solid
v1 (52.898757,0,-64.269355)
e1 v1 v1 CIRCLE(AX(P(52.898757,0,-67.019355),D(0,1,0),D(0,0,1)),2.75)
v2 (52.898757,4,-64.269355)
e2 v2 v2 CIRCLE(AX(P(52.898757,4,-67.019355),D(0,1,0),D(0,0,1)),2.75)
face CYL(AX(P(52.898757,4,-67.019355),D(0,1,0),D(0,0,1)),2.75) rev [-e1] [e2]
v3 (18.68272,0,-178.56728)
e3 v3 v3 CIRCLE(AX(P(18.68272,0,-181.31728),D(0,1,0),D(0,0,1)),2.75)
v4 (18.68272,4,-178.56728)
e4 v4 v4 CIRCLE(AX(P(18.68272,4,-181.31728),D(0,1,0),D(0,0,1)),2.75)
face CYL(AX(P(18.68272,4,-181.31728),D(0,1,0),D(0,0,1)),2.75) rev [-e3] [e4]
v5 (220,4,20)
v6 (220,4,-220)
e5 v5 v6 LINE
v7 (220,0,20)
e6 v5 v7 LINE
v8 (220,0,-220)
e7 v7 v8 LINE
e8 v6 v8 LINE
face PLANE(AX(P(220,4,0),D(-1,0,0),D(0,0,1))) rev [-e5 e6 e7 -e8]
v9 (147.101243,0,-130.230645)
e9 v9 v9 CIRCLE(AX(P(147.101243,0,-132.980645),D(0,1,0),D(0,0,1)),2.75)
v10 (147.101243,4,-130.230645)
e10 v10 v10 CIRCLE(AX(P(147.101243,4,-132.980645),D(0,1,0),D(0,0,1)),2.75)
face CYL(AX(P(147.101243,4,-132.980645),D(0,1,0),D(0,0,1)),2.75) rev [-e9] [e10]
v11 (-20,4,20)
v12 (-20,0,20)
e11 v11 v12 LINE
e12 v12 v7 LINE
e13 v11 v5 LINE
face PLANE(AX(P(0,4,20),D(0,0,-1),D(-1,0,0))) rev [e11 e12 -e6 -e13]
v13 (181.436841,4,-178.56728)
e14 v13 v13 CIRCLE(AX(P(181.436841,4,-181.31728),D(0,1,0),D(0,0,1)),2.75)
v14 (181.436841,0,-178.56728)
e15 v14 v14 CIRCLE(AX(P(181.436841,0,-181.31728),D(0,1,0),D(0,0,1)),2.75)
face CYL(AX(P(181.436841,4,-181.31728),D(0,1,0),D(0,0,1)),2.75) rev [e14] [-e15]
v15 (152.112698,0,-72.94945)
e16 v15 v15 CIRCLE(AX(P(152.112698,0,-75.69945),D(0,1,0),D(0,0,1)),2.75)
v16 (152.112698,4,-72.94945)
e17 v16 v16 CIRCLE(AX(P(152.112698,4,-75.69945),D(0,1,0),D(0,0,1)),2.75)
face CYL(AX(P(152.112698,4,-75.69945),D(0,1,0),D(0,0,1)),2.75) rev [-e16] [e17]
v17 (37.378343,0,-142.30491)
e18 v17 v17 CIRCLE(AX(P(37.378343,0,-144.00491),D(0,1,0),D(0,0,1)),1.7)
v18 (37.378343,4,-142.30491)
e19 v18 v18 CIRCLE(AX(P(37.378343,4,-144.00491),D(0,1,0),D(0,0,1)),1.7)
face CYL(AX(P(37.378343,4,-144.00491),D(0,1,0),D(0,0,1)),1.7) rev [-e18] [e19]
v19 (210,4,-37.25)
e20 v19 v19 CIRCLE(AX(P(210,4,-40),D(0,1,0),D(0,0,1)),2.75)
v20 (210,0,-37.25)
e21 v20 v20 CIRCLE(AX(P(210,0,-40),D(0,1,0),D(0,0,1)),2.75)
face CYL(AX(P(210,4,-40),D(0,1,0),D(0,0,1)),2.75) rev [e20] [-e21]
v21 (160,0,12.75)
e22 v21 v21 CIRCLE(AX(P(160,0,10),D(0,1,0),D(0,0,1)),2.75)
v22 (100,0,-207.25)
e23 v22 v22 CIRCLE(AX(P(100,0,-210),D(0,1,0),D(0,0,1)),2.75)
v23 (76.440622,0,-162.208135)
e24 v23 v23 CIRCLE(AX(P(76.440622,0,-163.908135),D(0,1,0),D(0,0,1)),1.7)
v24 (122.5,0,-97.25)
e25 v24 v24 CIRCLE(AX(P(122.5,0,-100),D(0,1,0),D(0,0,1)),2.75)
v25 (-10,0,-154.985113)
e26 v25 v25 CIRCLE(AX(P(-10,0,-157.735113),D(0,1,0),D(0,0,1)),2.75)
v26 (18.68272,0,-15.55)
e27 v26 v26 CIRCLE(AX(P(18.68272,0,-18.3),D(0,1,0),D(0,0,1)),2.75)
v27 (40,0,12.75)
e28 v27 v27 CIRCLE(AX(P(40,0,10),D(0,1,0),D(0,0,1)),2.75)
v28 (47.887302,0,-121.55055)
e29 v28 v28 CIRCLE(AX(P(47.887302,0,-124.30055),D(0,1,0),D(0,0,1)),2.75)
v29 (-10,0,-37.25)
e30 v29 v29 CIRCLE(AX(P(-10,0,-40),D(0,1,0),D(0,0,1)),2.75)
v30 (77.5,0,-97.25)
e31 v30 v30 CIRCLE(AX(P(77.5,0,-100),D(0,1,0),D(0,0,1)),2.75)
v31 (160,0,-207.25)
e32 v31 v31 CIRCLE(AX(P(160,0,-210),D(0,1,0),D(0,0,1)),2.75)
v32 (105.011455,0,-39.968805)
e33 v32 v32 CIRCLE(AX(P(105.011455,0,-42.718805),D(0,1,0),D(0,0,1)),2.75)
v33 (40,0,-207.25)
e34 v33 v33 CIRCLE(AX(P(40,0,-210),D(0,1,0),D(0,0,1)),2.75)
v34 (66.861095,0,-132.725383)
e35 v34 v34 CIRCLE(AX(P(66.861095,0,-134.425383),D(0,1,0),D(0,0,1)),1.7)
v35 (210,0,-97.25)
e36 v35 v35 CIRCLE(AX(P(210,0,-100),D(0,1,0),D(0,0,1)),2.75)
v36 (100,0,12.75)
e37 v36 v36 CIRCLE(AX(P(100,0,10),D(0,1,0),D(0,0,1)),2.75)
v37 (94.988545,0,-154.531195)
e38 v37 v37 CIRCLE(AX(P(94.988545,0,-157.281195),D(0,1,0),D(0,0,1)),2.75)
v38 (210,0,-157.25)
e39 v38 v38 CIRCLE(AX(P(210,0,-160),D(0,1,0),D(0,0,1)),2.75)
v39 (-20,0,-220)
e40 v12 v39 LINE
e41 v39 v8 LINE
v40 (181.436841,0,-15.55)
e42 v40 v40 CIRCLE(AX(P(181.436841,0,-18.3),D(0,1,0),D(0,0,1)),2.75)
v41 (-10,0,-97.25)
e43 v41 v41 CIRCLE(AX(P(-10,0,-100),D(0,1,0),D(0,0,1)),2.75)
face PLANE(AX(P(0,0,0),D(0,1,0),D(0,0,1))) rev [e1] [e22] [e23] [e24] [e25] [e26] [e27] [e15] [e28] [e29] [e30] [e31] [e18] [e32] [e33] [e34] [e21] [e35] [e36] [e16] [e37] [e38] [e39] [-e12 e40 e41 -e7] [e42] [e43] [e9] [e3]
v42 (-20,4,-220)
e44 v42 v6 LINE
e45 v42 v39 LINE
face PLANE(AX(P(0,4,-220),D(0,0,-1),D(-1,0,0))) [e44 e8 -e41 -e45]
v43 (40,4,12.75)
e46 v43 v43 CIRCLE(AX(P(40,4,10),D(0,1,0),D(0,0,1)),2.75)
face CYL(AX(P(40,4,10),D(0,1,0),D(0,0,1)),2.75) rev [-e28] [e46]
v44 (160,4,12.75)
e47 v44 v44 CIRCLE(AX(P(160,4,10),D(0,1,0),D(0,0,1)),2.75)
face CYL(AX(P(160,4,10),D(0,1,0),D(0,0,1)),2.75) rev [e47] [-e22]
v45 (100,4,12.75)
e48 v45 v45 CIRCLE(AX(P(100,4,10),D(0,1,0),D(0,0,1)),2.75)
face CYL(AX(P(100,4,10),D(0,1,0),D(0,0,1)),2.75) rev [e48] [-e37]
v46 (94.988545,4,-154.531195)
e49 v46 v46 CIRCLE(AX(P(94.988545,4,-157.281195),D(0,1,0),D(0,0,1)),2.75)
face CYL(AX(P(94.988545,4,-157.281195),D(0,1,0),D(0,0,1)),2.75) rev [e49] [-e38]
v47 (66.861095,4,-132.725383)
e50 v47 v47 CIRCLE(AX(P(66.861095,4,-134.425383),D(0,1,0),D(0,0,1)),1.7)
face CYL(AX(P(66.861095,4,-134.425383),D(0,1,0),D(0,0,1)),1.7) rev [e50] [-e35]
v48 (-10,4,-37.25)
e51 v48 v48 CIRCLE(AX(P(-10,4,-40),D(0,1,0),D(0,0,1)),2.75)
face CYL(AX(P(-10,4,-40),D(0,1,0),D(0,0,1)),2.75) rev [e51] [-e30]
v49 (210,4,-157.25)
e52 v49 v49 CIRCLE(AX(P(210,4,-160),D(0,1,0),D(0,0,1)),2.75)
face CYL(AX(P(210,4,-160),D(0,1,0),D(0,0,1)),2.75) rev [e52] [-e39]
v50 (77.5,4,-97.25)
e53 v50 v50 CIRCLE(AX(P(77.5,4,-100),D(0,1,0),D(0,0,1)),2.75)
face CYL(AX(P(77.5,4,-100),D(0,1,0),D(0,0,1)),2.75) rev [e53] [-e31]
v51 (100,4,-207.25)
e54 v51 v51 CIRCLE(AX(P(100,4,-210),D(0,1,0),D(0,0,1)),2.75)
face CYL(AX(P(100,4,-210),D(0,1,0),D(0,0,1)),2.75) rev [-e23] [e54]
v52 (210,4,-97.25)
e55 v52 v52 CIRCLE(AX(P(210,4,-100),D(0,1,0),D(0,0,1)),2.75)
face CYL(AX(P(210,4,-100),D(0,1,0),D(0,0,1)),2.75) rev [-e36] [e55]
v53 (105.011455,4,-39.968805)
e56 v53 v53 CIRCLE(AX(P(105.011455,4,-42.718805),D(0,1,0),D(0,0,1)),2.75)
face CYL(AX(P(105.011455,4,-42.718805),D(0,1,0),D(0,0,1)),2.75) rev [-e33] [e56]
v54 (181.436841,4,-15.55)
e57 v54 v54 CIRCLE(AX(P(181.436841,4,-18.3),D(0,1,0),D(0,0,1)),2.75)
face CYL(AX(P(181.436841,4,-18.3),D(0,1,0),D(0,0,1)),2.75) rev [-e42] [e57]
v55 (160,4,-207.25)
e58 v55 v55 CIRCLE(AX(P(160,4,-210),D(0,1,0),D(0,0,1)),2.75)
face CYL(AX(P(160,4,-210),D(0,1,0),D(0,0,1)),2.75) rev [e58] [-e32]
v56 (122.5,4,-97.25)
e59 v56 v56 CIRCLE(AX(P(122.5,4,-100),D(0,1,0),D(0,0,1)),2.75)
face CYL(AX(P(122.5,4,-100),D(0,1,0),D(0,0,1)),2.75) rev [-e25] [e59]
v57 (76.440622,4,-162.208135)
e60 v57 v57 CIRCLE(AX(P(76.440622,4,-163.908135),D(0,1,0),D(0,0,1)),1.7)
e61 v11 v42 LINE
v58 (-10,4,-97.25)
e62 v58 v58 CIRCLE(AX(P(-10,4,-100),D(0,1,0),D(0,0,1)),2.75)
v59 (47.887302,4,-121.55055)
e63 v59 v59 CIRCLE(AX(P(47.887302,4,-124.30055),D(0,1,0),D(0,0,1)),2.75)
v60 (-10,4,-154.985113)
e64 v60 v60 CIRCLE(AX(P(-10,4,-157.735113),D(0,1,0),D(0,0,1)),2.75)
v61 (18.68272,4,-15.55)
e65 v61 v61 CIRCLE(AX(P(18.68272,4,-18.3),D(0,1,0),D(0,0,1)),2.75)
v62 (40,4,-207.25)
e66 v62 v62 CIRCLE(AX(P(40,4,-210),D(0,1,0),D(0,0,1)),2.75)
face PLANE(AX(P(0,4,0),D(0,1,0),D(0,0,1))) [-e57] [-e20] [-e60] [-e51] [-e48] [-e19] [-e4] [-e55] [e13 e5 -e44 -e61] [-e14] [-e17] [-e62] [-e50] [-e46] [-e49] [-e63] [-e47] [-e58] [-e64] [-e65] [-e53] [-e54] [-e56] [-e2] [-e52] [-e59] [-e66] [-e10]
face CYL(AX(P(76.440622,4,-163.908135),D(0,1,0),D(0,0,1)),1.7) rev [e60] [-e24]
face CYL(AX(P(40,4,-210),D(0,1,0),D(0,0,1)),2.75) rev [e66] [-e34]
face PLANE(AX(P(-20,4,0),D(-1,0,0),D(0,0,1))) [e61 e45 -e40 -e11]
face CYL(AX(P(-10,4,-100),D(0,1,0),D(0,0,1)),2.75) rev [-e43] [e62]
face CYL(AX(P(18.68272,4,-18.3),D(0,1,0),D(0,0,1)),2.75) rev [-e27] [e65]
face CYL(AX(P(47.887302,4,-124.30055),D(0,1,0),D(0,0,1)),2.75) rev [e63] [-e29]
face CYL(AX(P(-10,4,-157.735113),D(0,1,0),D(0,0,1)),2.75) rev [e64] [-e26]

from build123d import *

# Parameters (mm, degrees)
SKETCH1_W            = 240
SKETCH1_H            = 240
BOSS_EXTRUDE1_DEPTH  = 4
M5_CLEARANCE_HOLE1_D = 5.5
M3_CLEARANCE_HOLE1_D = 3.4


with BuildPart() as part:
    # Sketch1 → Boss-Extrude1 (new body)
    with BuildSketch(Plane(origin=(0, 0, 0), x_dir=(1, 0, 0), z_dir=(0, 1, 0))):
        with Locations((100, 100)):
            Rectangle(SKETCH1_W, SKETCH1_H)
    extrude(amount=BOSS_EXTRUDE1_DEPTH)

    # M5 Clearance Hole1 (through all)
    with Locations(Plane(origin=(0, 4, 0), x_dir=(1, 0, 0), z_dir=(0, 1, 0))):
        with Locations((18.682720164, 181.317279836), (181.436841233, 181.317279836), (181.436841233, 18.3), (18.682720164, 18.3), (40, 210), (100, 210), (160, 210), (210, 160), (210, 100), (210, 40), (160, -10), (100, -10), (40, -10), (-10, 40), (-10, 100), (-10, 157.735112715), (94.988544792, 157.28119514), (47.887302245, 124.30055005), (105.011455208, 42.71880486), (147.101242547, 132.98064509), (152.112697755, 75.69944995), (52.898757453, 67.01935491), (77.5, 100), (122.5, 100)):
            Hole(M5_CLEARANCE_HOLE1_D / 2)

    # M3 Clearance Hole1 (through all)
    with Locations(Plane(origin=(0, 4, 0), x_dir=(1, 0, 0), z_dir=(0, 1, 0))):
        with Locations((37.378342924, 144.00490984), (76.440621755, 163.90813502), (66.861094929, 134.425383015)):
            Hole(M3_CLEARANCE_HOLE1_D / 2)


solid = part.part
